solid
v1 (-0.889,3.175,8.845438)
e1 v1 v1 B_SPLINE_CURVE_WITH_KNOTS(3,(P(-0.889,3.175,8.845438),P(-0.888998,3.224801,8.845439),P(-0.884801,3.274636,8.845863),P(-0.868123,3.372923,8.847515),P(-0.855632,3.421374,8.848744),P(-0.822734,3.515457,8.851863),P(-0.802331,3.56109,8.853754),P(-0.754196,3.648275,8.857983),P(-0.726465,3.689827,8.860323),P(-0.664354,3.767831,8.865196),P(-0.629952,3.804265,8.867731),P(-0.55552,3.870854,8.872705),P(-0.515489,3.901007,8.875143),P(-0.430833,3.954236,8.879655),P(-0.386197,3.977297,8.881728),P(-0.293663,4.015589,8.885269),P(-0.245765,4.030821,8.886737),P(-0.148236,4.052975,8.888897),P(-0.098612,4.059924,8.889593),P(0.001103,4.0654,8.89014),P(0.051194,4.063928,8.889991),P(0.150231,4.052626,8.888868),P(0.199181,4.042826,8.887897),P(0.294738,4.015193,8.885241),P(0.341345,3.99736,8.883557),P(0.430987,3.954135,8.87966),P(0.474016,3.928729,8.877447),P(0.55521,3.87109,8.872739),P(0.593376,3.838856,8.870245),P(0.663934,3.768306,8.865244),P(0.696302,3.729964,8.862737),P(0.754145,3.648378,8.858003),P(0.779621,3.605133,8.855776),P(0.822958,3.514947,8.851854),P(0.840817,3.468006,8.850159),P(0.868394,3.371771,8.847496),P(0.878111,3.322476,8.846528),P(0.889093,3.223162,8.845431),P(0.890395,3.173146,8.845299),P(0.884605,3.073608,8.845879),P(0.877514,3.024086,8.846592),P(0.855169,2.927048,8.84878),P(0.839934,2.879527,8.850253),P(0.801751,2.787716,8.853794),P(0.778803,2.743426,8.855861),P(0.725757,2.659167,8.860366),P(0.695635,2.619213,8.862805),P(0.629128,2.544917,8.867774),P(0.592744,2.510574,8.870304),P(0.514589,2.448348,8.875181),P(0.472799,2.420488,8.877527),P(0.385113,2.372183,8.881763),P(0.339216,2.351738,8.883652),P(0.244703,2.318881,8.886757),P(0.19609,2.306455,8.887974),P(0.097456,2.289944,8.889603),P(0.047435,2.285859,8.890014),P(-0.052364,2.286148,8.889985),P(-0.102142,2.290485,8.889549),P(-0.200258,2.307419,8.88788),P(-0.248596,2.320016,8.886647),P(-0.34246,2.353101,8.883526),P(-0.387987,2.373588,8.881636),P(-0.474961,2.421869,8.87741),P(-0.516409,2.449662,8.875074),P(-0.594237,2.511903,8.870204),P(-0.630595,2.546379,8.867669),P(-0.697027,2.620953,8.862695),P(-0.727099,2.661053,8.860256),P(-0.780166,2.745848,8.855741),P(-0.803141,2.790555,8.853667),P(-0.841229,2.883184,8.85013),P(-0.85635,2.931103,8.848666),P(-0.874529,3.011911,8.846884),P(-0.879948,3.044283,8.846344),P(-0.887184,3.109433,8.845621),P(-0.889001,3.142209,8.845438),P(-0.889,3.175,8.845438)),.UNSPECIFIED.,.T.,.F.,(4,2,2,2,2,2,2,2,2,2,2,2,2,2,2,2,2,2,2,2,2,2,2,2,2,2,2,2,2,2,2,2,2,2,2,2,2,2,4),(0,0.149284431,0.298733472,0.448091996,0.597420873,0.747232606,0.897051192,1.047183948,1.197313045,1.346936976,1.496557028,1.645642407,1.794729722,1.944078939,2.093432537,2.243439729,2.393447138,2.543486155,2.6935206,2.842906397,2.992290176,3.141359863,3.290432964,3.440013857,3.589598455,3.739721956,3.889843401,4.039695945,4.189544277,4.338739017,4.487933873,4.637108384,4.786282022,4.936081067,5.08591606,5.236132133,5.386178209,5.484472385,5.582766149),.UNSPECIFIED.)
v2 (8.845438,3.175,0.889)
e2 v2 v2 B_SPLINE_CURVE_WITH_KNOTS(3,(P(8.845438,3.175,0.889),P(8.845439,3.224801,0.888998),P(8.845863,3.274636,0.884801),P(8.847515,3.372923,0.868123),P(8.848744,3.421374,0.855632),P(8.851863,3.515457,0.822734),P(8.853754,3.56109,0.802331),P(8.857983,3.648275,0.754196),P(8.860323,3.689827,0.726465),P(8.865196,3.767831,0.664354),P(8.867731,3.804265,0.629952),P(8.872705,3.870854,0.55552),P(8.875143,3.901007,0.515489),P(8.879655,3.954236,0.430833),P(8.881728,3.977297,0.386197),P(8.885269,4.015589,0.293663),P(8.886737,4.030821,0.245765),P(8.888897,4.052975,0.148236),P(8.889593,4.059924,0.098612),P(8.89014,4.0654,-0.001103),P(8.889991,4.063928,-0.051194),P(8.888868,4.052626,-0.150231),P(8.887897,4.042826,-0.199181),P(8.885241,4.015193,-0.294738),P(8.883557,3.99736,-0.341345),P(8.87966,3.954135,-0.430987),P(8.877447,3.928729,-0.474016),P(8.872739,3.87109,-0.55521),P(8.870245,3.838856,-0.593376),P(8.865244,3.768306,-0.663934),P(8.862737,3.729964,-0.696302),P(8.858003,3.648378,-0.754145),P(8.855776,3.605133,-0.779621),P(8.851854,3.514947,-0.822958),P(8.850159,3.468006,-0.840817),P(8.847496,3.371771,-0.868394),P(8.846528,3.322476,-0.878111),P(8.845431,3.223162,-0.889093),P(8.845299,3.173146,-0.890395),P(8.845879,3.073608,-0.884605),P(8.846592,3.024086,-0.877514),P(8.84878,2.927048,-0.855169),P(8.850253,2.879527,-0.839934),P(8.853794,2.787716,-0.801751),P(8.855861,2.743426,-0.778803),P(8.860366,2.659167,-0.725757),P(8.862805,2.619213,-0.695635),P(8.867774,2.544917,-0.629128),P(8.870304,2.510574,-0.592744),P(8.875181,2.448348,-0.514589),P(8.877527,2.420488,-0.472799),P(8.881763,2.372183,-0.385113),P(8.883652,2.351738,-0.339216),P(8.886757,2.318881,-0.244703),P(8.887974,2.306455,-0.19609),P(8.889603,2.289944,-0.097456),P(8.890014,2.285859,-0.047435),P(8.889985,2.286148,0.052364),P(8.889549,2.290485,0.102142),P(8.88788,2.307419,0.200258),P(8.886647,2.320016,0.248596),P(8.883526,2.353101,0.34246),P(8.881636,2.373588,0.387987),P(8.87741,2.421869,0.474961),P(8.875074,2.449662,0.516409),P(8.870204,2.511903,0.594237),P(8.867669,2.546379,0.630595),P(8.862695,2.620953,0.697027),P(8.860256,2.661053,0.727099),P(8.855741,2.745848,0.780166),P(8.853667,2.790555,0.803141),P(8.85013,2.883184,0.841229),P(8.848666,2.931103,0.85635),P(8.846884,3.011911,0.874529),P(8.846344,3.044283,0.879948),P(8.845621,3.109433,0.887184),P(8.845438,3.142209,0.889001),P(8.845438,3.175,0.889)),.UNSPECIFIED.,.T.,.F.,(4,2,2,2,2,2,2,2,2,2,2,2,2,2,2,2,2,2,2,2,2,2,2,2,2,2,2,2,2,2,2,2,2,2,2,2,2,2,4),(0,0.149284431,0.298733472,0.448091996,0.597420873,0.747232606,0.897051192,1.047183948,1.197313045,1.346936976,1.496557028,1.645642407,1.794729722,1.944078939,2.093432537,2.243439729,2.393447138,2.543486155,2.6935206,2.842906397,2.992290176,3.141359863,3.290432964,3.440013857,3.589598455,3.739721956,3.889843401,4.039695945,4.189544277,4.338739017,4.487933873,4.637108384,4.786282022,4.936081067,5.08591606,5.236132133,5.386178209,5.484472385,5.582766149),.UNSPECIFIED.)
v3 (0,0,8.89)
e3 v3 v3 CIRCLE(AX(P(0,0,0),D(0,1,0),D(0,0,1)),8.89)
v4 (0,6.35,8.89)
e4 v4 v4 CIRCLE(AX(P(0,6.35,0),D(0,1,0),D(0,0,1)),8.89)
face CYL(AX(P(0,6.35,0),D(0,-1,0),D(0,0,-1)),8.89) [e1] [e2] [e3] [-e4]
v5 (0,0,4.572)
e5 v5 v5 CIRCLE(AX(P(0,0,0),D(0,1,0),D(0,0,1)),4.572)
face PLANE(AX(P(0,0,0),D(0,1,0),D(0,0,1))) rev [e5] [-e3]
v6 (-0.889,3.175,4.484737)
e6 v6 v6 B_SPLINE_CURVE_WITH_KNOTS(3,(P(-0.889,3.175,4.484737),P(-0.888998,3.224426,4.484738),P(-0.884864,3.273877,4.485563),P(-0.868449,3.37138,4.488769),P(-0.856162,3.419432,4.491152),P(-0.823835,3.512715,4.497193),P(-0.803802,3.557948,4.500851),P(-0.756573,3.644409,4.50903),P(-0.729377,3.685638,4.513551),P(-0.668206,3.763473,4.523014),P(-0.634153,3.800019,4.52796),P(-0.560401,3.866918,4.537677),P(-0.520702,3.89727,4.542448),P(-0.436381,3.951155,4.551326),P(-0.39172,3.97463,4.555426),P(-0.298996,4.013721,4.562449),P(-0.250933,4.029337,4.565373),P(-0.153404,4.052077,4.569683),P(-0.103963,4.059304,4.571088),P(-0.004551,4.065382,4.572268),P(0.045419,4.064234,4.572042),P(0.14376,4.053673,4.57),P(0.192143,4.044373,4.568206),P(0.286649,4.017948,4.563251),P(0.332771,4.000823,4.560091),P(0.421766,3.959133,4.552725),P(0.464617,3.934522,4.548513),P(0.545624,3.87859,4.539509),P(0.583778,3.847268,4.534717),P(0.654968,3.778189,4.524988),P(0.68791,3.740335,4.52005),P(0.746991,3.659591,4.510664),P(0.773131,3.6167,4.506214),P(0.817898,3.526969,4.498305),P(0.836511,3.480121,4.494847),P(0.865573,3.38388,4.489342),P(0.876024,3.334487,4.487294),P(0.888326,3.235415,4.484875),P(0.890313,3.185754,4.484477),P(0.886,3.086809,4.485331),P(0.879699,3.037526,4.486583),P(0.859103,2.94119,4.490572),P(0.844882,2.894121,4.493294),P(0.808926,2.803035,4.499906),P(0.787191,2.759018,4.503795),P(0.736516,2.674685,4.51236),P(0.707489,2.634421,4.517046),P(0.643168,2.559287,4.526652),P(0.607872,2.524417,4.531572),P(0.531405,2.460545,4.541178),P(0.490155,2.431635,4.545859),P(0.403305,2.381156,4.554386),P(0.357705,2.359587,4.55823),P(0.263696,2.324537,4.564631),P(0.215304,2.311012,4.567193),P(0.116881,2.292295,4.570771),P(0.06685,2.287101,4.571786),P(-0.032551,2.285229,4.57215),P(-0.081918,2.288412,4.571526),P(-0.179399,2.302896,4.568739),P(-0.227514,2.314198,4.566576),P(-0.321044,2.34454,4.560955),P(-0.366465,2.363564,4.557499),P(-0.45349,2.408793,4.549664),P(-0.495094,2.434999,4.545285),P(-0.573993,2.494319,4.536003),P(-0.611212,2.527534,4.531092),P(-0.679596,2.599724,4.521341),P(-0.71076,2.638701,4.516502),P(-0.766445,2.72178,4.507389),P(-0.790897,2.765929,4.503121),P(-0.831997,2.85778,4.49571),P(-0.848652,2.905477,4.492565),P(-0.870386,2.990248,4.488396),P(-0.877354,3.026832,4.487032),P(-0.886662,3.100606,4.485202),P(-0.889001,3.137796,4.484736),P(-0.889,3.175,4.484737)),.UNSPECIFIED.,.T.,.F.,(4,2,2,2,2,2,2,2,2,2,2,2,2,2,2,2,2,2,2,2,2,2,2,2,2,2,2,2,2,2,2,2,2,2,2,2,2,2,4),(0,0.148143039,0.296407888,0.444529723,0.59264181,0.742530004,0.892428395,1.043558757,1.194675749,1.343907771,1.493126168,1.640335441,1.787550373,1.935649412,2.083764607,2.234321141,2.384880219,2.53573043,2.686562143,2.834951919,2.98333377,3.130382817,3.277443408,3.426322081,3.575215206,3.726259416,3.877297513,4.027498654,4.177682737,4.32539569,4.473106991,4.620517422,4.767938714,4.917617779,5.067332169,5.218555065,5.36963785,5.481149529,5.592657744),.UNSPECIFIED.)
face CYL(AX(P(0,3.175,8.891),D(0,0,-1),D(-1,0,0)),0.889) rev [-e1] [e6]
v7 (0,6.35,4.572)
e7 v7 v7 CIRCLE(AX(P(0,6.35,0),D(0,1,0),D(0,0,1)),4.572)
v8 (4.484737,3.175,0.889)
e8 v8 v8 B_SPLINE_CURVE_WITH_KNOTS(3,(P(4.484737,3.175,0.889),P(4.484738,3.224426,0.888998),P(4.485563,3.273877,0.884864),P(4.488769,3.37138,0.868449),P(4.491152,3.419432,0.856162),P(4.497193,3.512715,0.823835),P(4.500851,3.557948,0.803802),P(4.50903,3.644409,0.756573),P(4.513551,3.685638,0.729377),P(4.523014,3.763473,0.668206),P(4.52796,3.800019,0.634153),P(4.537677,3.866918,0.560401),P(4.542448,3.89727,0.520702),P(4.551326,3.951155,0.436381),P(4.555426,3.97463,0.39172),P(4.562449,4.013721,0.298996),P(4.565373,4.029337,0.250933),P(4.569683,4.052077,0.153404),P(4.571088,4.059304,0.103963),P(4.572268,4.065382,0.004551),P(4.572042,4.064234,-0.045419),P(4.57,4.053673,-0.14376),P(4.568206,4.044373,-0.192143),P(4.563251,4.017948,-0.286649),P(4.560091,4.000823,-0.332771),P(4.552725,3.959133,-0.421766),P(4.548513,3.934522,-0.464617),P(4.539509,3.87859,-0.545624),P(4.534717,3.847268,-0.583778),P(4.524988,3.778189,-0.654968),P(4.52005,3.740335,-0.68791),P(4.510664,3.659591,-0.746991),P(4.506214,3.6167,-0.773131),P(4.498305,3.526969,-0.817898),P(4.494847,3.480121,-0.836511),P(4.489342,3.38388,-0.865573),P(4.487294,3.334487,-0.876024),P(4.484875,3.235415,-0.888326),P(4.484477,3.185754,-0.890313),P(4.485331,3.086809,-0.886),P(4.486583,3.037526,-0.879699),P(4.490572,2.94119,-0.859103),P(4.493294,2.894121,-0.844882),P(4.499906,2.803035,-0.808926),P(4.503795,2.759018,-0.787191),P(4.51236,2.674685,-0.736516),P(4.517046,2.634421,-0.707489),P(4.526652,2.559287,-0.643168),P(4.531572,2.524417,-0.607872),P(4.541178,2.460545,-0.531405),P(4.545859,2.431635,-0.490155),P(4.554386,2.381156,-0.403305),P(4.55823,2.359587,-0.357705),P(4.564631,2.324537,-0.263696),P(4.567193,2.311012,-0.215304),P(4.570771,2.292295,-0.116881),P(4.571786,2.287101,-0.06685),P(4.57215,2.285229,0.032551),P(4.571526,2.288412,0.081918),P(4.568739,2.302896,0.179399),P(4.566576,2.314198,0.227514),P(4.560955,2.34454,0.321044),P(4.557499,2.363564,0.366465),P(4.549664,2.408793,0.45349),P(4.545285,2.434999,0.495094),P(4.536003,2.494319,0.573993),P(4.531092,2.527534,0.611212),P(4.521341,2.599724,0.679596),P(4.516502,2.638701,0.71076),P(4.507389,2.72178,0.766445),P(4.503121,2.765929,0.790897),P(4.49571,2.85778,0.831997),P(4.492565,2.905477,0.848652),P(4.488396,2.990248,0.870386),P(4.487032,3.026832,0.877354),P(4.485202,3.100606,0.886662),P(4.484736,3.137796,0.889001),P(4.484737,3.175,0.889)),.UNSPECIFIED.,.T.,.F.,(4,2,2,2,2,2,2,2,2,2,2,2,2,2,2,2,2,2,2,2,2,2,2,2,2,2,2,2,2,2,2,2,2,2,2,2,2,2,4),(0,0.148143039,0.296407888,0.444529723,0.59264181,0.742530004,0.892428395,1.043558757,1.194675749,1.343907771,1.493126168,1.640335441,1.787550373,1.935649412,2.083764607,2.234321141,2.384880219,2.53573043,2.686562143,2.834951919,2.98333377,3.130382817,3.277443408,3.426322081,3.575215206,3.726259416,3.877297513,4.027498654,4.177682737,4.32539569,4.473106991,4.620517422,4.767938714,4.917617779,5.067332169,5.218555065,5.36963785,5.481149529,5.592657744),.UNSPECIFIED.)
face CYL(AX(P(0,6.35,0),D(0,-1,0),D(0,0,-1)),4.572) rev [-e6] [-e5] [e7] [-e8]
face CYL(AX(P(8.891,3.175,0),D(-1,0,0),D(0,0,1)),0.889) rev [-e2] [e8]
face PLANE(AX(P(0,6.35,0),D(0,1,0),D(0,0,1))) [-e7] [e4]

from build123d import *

# Parameters (mm, degrees)
SKETCH1_R               = 8.89
SKETCH1_R_2             = 4.572
BOSS_EXTRUDE1_DEPTH     = 6.35
CUT_EXTRUDE1_REACH      = 16.085
CUT_EXTRUDE1_END_RADIUS = 8.89
SKETCH2_R               = 0.889
CUT_EXTRUDE2_REACH      = 16.085
CUT_EXTRUDE2_END_RADIUS = 8.89
SKETCH3_R               = 0.889


with BuildPart() as part:
    # Sketch1 → Boss-Extrude1 (new body)
    with BuildSketch(Plane(origin=(0, 0, 0), x_dir=(1, 0, 0), z_dir=(0, 1, 0))):
        with Locations(Location((0, 0, 0), (0, 0, 270))):
            Circle(SKETCH1_R)
        with Locations(Location((0, 0, 0), (0, 0, 270))):
            Circle(SKETCH1_R_2, mode=Mode.SUBTRACT)
    extrude(amount=BOSS_EXTRUDE1_DEPTH)

    # Cut-Extrude1: up to this cylinder (the profile starts inside it)
    cut_extrude1_end = Plane(origin=(0, 3.175, 0), z_dir=(0, -1, 0)) * Cylinder(CUT_EXTRUDE1_END_RADIUS, 50.95, mode=Mode.PRIVATE)
    # Sketch2 → Cut-Extrude1 (cut, up to the surface)
    with BuildSketch(Plane(origin=(0, 0, 0), x_dir=(0, 0, -1), z_dir=(1, 0, 0)), mode=Mode.PRIVATE) as cut_extrude1_sk1:
        with Locations(Location((0, 3.175, 0), (0, 0, 180))):
            Circle(SKETCH2_R)
    cut_extrude1_tool1 = extrude(cut_extrude1_sk1.sketch, amount=CUT_EXTRUDE1_REACH, mode=Mode.PRIVATE) & cut_extrude1_end
    add(cut_extrude1_tool1.solids().sort_by_distance((0, 3.175, 0))[0], mode=Mode.SUBTRACT)

    # Cut-Extrude2: up to this cylinder (the profile starts inside it)
    cut_extrude2_end = Plane(origin=(0, 3.175, 0), z_dir=(0, -1, 0)) * Cylinder(CUT_EXTRUDE2_END_RADIUS, 50.95, mode=Mode.PRIVATE)
    # Sketch3 → Cut-Extrude2 (cut, up to the surface)
    with BuildSketch(Plane.XY, mode=Mode.PRIVATE) as cut_extrude2_sk1:
        with Locations(Location((0, 3.175, 0), (0, 0, 180))):
            Circle(SKETCH3_R)
    cut_extrude2_tool1 = extrude(cut_extrude2_sk1.sketch, amount=CUT_EXTRUDE2_REACH, mode=Mode.PRIVATE) & cut_extrude2_end
    add(cut_extrude2_tool1.solids().sort_by_distance((0, 3.175, 0))[0], mode=Mode.SUBTRACT)


solid = part.part
